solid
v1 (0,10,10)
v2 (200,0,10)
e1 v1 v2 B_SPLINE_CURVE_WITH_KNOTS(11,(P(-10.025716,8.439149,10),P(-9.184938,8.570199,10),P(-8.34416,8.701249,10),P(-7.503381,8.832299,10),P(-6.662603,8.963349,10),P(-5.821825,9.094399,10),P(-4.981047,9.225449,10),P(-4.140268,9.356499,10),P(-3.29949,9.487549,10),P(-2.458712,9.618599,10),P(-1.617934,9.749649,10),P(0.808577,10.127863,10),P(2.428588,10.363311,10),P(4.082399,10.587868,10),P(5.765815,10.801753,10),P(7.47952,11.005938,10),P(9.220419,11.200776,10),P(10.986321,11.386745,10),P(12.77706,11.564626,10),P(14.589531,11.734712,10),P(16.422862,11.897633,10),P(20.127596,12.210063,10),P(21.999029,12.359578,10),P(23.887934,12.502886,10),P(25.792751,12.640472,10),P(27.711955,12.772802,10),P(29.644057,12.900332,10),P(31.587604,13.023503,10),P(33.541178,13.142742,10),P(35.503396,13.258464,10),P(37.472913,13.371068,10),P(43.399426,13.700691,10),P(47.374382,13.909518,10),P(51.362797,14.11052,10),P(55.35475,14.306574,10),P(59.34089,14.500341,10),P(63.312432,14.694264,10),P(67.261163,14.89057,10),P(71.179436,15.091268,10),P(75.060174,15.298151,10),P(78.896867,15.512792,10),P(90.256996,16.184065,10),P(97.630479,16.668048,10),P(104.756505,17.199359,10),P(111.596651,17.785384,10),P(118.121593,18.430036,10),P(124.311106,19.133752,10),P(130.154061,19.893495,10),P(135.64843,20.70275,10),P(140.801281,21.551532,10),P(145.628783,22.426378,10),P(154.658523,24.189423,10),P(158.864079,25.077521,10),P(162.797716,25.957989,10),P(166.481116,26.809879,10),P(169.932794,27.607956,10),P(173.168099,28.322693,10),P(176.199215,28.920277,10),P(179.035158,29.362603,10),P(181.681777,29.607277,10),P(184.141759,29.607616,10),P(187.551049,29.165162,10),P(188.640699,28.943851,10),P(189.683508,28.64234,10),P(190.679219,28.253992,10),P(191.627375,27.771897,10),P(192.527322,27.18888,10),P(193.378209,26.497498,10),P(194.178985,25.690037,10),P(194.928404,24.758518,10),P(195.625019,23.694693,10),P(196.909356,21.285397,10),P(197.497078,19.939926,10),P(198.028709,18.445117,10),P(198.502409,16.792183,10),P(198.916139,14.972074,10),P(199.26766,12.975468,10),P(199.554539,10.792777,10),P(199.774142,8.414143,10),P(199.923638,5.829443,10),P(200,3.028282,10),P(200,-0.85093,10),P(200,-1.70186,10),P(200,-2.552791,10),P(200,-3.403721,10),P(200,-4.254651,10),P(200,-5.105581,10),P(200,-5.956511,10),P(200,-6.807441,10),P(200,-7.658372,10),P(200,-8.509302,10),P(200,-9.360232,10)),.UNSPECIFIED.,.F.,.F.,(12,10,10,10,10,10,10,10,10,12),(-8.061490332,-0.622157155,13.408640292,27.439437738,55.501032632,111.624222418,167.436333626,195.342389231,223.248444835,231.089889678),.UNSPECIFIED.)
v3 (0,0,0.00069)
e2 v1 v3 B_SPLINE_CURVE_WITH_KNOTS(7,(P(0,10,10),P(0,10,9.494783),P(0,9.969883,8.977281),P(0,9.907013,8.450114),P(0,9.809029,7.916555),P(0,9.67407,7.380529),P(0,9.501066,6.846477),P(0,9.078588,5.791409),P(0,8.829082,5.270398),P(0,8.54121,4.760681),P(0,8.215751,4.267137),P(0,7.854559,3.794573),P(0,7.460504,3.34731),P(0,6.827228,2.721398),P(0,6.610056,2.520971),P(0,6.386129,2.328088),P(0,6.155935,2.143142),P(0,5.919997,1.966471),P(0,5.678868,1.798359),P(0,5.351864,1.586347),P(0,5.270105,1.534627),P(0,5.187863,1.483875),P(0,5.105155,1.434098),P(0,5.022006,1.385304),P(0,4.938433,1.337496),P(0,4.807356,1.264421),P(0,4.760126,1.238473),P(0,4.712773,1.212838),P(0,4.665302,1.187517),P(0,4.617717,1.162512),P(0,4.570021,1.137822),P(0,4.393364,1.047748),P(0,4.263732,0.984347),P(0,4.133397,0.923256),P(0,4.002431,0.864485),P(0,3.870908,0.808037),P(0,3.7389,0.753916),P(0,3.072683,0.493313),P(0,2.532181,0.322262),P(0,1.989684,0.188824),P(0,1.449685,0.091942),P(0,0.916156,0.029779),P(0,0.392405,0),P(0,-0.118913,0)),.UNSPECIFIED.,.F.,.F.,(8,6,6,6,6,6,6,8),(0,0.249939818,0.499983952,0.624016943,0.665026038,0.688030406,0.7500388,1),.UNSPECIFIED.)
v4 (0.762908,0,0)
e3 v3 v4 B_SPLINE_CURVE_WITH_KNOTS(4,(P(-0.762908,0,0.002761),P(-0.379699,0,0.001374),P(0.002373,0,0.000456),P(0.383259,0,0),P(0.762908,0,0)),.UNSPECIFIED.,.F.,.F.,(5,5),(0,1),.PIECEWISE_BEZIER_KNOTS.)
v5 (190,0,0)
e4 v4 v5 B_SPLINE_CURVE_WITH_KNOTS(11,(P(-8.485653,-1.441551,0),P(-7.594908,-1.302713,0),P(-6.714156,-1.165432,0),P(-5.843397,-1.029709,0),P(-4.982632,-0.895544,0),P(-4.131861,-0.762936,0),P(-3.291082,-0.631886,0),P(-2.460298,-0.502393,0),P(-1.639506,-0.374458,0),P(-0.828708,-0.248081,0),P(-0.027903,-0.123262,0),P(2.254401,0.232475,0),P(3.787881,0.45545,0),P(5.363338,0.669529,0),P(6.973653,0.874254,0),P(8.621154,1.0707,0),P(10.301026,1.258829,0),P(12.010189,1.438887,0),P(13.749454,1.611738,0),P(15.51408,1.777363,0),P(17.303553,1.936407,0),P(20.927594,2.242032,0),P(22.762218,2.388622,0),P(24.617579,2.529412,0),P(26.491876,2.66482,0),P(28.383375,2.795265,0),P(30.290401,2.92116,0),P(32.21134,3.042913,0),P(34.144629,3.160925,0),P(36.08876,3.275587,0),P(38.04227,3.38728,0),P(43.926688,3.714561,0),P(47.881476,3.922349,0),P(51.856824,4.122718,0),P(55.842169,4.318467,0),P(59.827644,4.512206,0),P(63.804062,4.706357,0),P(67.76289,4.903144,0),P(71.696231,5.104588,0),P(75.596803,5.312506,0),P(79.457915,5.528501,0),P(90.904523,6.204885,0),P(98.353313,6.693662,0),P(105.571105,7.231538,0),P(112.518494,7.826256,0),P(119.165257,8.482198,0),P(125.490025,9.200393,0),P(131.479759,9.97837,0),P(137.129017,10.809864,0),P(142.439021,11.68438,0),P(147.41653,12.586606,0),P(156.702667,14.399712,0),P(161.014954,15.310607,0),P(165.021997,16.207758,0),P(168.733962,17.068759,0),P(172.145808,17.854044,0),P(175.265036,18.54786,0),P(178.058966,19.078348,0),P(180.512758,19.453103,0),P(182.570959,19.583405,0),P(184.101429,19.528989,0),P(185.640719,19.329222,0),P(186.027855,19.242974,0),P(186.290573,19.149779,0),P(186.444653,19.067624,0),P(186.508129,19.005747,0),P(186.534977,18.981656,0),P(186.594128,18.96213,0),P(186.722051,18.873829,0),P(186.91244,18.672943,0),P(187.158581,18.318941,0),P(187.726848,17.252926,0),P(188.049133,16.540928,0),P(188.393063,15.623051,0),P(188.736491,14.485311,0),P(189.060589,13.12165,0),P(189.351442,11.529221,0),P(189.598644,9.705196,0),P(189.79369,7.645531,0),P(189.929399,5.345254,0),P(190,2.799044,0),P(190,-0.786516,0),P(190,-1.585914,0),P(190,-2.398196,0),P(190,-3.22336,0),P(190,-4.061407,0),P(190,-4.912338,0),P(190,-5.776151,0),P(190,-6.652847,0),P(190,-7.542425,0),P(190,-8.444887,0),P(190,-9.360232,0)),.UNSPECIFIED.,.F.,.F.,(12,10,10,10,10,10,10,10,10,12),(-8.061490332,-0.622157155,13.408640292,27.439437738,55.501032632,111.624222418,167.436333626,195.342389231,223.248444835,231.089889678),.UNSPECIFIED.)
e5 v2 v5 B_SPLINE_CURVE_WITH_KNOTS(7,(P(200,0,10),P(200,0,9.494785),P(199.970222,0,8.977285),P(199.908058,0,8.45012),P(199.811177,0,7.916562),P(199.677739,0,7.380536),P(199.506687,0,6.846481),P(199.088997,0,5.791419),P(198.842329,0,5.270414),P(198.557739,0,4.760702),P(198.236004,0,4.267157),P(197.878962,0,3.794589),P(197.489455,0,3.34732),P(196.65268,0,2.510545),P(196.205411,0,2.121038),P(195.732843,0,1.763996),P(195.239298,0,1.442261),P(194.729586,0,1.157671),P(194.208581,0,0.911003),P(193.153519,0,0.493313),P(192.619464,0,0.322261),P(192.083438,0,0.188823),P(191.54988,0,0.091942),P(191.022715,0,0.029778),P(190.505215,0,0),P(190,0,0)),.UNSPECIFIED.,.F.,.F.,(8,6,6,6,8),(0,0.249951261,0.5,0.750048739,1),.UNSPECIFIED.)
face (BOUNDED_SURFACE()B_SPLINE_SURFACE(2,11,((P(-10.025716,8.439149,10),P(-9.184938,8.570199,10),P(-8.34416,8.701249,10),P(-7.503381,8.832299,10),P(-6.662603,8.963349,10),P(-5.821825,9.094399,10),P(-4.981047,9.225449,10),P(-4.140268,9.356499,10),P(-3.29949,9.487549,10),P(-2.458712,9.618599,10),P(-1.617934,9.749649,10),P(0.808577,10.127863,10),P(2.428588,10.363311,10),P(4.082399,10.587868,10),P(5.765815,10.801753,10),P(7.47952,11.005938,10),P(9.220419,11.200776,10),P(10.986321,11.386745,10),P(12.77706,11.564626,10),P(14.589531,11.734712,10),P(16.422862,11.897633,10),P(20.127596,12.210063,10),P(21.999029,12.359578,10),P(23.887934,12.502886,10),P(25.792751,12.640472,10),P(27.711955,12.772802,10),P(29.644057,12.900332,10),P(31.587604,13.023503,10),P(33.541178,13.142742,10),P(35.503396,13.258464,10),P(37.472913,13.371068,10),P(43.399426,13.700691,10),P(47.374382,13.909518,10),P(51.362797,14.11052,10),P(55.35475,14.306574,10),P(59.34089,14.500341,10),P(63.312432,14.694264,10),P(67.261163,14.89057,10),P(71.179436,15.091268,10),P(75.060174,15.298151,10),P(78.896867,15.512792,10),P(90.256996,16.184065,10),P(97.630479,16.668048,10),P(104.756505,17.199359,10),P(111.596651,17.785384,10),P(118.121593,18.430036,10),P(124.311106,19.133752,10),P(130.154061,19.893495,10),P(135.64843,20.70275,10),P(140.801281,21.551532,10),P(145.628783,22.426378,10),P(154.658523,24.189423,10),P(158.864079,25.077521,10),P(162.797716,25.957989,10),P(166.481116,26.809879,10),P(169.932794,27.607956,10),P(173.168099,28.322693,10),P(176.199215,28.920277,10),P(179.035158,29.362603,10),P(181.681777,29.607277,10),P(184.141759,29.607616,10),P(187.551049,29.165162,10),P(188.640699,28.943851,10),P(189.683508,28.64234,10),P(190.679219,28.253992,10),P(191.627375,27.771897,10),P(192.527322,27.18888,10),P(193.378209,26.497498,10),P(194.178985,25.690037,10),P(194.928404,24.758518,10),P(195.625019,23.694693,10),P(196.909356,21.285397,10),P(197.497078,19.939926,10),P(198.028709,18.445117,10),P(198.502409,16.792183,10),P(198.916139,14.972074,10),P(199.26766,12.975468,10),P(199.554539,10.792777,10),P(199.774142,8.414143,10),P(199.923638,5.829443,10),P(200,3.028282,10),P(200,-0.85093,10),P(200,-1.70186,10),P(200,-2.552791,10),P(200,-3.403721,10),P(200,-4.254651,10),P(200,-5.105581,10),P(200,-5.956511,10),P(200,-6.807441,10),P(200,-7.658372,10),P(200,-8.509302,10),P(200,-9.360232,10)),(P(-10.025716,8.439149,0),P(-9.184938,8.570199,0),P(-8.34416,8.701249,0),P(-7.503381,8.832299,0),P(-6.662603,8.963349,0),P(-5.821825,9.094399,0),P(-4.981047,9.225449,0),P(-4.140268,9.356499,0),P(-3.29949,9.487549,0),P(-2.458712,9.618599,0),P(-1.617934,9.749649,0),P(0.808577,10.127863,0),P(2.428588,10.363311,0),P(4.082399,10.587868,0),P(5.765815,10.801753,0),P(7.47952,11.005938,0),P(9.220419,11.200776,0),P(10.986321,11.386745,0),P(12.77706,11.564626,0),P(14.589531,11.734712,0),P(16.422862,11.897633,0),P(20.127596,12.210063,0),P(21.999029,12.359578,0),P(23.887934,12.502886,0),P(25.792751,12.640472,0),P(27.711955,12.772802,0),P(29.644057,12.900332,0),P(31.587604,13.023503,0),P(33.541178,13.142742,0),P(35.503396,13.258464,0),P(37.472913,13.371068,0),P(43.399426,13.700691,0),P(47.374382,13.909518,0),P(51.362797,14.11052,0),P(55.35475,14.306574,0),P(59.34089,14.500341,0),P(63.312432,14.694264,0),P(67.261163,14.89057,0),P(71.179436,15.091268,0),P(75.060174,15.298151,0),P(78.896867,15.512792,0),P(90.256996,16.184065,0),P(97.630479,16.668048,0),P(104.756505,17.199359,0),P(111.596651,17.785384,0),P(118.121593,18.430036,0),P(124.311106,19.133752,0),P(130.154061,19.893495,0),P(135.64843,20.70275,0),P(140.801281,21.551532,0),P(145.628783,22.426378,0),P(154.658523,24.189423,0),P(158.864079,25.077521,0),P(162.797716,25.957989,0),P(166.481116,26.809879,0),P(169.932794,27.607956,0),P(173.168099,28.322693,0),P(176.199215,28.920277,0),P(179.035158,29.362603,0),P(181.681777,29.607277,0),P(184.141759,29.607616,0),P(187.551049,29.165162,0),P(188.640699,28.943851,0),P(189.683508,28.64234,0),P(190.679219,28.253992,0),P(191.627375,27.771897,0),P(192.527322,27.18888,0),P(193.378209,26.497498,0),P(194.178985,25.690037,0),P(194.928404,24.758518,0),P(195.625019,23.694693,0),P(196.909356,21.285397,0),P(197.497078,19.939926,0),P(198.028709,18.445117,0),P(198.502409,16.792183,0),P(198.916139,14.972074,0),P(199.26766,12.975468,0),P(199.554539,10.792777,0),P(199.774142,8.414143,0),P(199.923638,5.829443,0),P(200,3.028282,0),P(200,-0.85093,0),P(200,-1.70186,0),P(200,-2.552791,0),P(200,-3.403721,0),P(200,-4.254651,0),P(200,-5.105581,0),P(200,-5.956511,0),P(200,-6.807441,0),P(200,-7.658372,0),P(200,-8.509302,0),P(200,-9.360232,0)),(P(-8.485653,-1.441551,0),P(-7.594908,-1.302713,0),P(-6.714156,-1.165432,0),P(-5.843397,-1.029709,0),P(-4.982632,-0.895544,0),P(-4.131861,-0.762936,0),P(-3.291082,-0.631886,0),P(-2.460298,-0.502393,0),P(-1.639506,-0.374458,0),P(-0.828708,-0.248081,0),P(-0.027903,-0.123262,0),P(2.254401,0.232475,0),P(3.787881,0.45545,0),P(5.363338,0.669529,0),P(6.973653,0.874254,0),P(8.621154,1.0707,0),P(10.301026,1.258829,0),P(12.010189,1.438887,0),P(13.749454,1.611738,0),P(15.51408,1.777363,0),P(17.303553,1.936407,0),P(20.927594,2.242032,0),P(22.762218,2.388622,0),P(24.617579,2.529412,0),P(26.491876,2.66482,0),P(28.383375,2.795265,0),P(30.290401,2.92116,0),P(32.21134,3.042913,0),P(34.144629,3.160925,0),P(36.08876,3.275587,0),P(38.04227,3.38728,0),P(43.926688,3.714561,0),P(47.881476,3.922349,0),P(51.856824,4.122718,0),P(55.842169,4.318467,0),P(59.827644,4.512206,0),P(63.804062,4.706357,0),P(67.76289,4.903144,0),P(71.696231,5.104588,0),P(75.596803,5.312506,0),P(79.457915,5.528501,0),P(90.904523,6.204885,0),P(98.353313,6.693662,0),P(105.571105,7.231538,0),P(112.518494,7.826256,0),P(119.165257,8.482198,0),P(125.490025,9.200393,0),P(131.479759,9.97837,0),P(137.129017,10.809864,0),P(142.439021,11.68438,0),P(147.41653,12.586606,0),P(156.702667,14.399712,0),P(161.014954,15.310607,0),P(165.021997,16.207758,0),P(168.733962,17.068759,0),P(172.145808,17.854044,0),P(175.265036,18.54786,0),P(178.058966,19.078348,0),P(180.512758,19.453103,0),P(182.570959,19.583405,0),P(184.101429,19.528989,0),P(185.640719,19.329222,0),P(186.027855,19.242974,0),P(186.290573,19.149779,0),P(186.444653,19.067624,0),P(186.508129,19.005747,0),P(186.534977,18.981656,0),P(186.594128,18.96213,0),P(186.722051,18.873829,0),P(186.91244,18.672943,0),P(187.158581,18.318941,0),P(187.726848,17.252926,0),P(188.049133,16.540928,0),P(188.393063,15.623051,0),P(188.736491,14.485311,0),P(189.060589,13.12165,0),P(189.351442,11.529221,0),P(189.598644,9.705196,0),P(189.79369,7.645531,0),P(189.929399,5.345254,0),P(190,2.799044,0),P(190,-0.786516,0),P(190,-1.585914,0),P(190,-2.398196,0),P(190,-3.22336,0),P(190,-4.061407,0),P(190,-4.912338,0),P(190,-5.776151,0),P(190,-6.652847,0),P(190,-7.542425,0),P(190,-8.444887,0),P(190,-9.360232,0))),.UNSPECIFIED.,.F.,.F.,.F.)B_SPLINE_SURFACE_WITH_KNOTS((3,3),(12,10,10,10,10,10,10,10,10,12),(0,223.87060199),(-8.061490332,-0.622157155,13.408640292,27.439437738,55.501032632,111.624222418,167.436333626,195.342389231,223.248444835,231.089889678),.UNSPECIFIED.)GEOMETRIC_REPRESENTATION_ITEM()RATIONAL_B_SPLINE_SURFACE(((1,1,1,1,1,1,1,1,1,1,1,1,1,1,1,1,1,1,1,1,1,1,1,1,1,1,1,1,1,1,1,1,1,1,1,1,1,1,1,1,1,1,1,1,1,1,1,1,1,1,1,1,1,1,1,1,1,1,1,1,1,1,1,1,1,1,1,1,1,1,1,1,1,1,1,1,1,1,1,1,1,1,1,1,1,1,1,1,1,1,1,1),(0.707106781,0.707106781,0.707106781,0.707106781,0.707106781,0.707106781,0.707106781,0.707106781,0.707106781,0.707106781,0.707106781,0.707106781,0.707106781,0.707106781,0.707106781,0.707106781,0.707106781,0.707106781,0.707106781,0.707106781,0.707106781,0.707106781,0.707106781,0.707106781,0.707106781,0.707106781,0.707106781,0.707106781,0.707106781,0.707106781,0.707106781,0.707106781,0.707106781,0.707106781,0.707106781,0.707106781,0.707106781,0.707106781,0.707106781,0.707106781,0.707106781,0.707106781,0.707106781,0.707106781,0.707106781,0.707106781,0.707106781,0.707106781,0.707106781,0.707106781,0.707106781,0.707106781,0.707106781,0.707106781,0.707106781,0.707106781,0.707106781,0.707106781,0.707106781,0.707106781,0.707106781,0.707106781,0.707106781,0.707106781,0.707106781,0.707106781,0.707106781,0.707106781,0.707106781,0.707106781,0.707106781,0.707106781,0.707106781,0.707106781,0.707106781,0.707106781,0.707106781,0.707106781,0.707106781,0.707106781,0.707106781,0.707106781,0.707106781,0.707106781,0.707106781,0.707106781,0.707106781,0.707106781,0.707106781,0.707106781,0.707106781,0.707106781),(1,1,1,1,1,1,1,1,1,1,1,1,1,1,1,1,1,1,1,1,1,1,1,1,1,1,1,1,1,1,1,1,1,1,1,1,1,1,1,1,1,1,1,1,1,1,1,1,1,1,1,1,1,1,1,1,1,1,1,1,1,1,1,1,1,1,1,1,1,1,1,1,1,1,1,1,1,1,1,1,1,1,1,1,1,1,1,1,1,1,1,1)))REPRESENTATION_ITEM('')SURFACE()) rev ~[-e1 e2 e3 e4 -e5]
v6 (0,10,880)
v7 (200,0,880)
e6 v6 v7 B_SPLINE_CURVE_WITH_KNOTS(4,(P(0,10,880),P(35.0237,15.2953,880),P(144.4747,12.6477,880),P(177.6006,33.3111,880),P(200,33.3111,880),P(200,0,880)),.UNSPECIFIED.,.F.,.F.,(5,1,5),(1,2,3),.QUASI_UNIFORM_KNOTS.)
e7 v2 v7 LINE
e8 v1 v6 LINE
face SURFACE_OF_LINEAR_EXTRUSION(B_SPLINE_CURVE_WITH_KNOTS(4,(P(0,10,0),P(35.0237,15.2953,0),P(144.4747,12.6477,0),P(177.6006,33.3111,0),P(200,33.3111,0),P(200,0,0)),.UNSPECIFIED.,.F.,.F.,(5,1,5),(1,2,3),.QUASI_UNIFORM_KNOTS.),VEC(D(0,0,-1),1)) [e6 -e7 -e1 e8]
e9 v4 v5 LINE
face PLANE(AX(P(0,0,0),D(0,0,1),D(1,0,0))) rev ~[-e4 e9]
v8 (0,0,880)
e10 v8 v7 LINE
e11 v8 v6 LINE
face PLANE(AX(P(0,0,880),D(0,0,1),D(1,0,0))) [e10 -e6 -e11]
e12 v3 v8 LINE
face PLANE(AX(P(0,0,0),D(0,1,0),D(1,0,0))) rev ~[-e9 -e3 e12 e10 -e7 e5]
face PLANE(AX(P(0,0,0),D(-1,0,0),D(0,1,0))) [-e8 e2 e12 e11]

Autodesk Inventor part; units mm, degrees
ref_plane "YZ Plane" through (0, 0, 0) normal (1, 0, 0) x (0, 1, 0)
ref_plane "XZ Plane" through (0, 0, 0) normal (0, 1, 0) x (-1, 0, 0)
ref_plane "XY Plane" through (0, 0, 0) normal (0, 0, 1) x (1, 0, 0)
sketch "Sketch1" plane through (0, 0, 0) normal (0, 0, 1) x (1, 0, 0)
  line L0 (0, 0) -> (200, 0)
  line L1 (0, 0) -> (0, 10)
  line L2 (0, 10) -> (35.0237, 15.2953) construction
  line L3 (35.0237, 15.2953) -> (144.4747, 12.6477) construction
  line L4 (144.4747, 12.6477) -> (177.6006, 33.3111) construction
  line L5 (177.6006, 33.3111) -> (200, 33.3111) construction
  line L6 (200, 33.3111) -> (200, 0) construction
  spline S0 degree 4 poles (0, 10) (35.0237, 15.2953) (144.4747, 12.6477) (177.6006, 33.3111) (200, 33.3111) (200, 0) knots 1 1 1 1 1 2 3 3 3 3 3
  dimension "d0" = 200
  dimension "d1" = 10
extrude "Extrusion1" add sketch "Sketch1" along normal blind 880
fillet "Fillet1" radius 10 1 edges at (150.1562, 23.3103, 0)
properties part number "LeftBackCushion"
